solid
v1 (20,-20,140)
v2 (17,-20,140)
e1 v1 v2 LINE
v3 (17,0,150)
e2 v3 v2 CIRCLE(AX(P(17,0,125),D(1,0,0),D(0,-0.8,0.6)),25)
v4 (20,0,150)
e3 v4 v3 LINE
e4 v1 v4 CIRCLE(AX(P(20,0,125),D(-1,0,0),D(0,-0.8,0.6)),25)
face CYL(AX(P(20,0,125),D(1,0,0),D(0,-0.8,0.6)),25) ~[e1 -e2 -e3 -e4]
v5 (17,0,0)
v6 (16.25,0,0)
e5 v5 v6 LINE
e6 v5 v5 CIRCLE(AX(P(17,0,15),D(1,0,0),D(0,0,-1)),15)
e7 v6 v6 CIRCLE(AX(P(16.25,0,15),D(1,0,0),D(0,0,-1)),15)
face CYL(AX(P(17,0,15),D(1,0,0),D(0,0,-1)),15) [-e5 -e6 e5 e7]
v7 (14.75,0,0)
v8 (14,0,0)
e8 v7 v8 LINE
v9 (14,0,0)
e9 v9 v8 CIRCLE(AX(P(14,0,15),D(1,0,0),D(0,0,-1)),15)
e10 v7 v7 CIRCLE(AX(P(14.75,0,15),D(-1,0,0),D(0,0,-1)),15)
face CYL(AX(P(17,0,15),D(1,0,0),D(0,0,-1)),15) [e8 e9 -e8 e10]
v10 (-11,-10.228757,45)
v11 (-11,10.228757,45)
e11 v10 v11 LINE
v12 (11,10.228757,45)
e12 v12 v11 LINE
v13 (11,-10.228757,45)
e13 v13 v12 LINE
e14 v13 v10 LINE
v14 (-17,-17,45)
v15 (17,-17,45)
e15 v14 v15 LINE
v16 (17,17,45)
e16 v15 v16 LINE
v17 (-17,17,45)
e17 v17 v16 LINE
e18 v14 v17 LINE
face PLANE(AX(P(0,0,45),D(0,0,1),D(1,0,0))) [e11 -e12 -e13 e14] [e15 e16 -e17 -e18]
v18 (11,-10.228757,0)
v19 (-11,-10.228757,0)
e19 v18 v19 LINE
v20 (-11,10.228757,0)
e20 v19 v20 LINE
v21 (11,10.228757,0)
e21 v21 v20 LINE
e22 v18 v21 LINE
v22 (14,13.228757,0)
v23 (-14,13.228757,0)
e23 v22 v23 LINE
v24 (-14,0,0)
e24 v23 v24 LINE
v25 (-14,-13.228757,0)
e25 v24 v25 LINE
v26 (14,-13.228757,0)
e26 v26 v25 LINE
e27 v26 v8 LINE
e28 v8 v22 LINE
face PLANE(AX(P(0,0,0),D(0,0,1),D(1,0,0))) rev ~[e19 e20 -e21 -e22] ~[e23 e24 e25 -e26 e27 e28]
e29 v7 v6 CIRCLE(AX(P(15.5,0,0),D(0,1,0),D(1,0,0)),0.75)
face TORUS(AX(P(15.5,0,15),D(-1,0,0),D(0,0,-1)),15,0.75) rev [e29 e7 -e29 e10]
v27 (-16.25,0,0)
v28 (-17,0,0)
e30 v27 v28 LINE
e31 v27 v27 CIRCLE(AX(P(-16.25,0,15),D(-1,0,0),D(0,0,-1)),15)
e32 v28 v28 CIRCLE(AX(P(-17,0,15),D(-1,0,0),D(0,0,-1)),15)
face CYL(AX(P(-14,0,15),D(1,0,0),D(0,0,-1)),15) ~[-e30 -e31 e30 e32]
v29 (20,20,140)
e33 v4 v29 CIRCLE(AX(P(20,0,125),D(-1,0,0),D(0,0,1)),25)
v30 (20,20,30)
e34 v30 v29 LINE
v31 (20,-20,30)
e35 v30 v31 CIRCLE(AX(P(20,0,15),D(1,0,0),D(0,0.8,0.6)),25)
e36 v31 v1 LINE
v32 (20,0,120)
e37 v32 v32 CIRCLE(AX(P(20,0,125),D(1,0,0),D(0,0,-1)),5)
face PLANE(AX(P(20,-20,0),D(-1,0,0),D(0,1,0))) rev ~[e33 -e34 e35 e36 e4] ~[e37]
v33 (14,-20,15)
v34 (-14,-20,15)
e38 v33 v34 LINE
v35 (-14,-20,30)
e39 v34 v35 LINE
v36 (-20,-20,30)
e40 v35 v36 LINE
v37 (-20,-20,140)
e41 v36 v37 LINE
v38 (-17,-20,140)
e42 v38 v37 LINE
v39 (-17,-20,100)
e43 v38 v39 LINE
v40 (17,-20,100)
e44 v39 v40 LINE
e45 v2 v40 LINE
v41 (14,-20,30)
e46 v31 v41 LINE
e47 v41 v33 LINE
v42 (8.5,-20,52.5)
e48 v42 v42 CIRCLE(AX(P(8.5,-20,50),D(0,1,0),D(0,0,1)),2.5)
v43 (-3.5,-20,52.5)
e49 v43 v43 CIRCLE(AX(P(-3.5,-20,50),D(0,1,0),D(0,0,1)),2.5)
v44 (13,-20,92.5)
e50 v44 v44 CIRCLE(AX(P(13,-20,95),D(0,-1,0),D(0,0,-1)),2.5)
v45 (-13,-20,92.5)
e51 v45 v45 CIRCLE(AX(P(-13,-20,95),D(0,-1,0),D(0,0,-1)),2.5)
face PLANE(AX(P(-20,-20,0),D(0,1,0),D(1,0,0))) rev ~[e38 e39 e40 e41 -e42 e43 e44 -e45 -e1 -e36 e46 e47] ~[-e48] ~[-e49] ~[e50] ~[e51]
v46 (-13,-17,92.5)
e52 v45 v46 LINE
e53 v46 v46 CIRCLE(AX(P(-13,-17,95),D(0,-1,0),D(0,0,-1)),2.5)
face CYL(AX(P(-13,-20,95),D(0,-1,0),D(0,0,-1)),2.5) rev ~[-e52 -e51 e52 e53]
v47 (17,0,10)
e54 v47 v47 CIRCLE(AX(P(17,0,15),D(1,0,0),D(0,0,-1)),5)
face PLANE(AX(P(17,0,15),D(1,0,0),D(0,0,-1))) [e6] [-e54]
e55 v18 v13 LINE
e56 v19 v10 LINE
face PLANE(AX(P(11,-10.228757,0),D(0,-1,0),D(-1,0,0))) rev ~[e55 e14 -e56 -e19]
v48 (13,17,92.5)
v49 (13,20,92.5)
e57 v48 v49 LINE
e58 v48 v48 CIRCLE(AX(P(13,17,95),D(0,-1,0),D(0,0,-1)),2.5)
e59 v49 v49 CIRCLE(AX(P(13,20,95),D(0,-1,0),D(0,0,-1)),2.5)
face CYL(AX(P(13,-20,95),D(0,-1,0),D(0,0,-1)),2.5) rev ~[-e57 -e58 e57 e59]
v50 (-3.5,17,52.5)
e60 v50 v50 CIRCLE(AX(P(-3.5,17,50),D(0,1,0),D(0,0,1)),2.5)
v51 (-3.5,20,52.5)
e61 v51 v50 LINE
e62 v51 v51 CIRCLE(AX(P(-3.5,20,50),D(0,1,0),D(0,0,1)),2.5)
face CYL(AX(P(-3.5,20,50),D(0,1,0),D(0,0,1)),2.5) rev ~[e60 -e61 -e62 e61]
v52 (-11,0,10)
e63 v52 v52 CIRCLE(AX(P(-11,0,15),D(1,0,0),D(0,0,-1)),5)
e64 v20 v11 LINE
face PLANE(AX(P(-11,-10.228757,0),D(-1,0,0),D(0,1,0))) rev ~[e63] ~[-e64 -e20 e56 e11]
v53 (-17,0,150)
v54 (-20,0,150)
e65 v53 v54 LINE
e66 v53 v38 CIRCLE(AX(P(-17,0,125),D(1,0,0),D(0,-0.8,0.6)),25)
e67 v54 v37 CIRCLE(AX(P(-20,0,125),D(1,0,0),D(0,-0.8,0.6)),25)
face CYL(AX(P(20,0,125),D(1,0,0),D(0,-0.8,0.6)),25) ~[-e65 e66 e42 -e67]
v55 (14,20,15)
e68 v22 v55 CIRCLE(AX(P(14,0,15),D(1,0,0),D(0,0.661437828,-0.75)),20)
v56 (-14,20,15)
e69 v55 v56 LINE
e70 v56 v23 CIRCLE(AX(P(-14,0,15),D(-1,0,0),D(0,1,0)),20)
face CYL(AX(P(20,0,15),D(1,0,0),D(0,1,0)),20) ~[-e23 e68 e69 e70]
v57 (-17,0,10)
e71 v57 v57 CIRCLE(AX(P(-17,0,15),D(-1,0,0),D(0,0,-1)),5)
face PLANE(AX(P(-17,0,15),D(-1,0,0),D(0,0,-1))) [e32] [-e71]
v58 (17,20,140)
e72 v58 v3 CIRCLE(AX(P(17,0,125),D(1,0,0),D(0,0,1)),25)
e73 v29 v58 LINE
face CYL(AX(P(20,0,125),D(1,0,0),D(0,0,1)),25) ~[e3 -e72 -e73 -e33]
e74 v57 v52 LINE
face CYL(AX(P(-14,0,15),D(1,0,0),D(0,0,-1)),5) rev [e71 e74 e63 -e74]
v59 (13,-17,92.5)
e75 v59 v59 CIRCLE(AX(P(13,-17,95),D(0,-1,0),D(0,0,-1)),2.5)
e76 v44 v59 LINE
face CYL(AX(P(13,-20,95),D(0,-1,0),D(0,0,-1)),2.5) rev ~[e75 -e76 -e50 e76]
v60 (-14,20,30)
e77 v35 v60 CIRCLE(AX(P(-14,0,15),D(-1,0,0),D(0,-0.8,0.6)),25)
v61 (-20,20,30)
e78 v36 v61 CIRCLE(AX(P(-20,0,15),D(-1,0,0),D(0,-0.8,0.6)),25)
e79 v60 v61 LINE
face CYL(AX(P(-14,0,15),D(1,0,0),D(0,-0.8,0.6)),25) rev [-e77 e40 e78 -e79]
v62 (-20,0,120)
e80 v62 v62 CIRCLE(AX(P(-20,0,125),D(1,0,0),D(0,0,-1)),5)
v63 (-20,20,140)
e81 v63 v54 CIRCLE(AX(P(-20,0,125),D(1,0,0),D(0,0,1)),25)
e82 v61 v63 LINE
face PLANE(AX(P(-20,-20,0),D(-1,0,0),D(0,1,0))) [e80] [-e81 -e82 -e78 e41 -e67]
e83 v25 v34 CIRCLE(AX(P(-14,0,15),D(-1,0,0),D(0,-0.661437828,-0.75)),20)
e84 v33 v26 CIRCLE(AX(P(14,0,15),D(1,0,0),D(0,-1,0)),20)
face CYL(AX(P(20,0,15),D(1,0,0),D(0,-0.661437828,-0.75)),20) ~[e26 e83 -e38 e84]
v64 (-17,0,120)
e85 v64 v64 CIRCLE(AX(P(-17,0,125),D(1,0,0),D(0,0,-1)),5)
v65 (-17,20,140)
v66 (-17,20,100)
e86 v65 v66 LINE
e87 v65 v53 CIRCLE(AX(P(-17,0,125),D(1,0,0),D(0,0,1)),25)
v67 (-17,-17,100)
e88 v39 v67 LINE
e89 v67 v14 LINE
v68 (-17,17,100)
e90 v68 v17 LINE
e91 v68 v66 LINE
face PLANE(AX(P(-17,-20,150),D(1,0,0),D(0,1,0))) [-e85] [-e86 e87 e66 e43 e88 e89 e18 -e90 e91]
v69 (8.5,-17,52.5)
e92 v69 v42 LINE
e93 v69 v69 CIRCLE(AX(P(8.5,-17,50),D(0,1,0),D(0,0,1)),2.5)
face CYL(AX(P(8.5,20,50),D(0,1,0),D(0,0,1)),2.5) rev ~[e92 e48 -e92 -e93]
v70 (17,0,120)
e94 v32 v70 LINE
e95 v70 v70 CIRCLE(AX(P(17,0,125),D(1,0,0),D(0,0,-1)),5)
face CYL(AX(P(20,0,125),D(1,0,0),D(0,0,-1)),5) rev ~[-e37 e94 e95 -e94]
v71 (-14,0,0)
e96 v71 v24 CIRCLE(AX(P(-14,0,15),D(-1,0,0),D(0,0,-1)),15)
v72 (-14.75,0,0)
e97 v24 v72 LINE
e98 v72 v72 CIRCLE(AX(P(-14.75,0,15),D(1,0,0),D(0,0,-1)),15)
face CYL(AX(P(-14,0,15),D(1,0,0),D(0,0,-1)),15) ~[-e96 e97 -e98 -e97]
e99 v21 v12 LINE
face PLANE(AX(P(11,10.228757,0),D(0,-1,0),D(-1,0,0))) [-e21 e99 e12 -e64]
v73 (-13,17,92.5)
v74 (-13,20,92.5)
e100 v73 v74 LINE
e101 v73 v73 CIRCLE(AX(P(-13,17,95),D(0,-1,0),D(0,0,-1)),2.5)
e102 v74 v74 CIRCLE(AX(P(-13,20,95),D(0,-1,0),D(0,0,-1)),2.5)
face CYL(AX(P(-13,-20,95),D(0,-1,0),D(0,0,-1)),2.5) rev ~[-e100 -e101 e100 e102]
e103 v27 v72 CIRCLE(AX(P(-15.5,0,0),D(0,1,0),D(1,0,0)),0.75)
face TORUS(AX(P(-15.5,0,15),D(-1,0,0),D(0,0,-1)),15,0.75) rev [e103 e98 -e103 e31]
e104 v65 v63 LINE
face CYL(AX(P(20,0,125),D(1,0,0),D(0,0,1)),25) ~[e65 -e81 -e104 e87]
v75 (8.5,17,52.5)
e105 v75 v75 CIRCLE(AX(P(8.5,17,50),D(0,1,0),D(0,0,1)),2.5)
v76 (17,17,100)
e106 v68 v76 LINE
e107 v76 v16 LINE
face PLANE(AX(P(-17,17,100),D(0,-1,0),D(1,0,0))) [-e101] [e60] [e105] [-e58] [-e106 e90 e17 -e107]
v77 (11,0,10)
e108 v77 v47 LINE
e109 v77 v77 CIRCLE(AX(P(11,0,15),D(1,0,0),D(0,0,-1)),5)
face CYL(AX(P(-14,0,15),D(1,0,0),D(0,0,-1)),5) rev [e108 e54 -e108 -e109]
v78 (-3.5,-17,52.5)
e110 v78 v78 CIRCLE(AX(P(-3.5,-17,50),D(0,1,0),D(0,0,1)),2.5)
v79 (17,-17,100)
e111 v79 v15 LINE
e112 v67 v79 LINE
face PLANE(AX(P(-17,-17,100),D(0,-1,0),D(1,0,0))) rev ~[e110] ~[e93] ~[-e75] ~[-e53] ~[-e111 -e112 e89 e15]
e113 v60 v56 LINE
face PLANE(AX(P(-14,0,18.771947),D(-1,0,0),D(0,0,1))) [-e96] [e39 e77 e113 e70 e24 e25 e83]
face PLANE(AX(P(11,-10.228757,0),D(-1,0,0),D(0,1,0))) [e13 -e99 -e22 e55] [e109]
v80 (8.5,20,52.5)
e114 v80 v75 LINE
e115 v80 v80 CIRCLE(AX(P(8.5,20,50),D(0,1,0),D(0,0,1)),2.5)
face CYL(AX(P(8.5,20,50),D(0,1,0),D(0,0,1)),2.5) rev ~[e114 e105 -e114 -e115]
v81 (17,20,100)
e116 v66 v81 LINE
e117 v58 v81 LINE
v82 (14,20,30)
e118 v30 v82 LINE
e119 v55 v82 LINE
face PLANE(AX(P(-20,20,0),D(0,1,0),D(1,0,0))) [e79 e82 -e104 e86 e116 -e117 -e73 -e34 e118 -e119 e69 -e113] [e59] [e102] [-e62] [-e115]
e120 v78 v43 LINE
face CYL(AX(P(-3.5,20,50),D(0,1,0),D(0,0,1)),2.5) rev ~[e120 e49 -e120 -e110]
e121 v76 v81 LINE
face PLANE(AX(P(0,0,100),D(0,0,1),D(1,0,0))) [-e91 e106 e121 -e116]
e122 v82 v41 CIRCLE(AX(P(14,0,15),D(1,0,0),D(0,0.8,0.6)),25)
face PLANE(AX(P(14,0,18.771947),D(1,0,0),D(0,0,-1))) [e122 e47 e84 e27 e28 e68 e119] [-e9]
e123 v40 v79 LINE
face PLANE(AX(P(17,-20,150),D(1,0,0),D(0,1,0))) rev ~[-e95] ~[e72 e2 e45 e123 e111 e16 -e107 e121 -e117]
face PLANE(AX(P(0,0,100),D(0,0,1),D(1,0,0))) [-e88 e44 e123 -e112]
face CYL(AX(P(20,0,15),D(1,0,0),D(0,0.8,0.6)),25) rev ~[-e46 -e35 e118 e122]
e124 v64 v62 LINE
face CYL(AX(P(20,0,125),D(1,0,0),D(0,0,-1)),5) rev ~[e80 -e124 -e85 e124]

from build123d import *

# Parameters (mm, degrees)
CROQUIS1_W              = 40
CROQUIS1_H              = 40
SALIENTE_EXTRUIR1_DEPTH = 150
CROQUIS2_W              = 34
CROQUIS2_H              = 40
CORTAR_EXTRUIR1_DEPTH   = 50
CORTAR_EXTRUIR5_DEPTH   = 157.524758425
CROQUIS4_R              = 5
CORTAR_EXTRUIR6_DEPTH   = 157.524758425
CORTAR_EXTRUIR10_DEPTH  = 157.524758425
CROQUIS5_R              = 5
CORTAR_EXTRUIR7_DEPTH   = 157.524758425
CROQUIS6_R              = 5
CORTAR_EXTRUIR8_DEPTH   = 6
CORTAR_EXTRUIR11_START  = -6
CROQUIS9_R              = 5
CORTAR_EXTRUIR11_DEPTH  = 6
SALIENTE_EXTRUIR2_START = 3
CROQUIS10_R             = 15
CROQUIS10_R_2           = 5
SALIENTE_EXTRUIR2_DEPTH = 3
CROQUIS11_R             = 15
CROQUIS11_R_2           = 5
SALIENTE_EXTRUIR3_DEPTH = 3
CROQUIS12_R             = 0.75
CROQUIS13_R             = 2.5
CORTAR_EXTRUIR12_DEPTH  = 157.524758425
CROQUIS15_W             = 22
CROQUIS15_H             = 20.45751311
CORTAR_EXTRUIR14_DEPTH  = 95
CROQUIS17_W             = 34
CROQUIS17_H             = 34
CORTAR_EXTRUIR15_DEPTH  = 55
CROQUIS18_R             = 2.5
CORTAR_EXTRUIR16_DEPTH  = 157.524758425


with BuildPart() as part:
    # Croquis1 → Saliente-Extruir1 (new body)
    with BuildSketch(Plane.XY):
        Rectangle(CROQUIS1_W, CROQUIS1_H)
    extrude(amount=SALIENTE_EXTRUIR1_DEPTH)

    # Croquis2 → Cortar-Extruir1 (cut)
    with BuildSketch(Plane.XY.offset(150)):
        Rectangle(CROQUIS2_W, CROQUIS2_H)
    extrude(amount=-CORTAR_EXTRUIR1_DEPTH, mode=Mode.SUBTRACT)

    # Croquis3 → Cortar-Extruir5 (cut, through all)
    with BuildSketch(Plane(origin=(20, 0, 0), x_dir=(0, 0, -1), z_dir=(1, 0, 0))):
        with BuildLine():
            ThreePointArc((-140, -20), (-147.360679775, -11.180339887), (-150, 0))
            Line((-150, 0), (-150, -20))
            Line((-150, -20), (-140, -20))
        make_face()
        with BuildLine():
            Line((-140, 20), (-150, 20))
            Line((-150, 20), (-150, 0))
            ThreePointArc((-150, 0), (-147.360679775, 11.180339887), (-140, 20))
        make_face()
    extrude(amount=-CORTAR_EXTRUIR5_DEPTH, mode=Mode.SUBTRACT)

    # Croquis4 → Cortar-Extruir6 (cut, through all)
    with BuildSketch(Plane(origin=(20, 0, 0), x_dir=(0, 0, -1), z_dir=(1, 0, 0))):
        with Locations((-125, 0)):
            Circle(CROQUIS4_R)
    extrude(amount=-CORTAR_EXTRUIR6_DEPTH, mode=Mode.SUBTRACT)

    # Croquis8 → Cortar-Extruir10 (cut, through all)
    with BuildSketch(Plane(origin=(20, 0, 0), x_dir=(0, 0, -1), z_dir=(1, 0, 0))):
        with BuildLine():
            Line((0, 20), (-15, 20))
            ThreePointArc((-15, 20), (-6.771243445, 18.228756555), (0, 13.228756555))
            Line((0, 13.228756555), (0, 20))
        make_face()
        with BuildLine():
            Line((0, -20), (0, -13.228756555))
            ThreePointArc((0, -13.228756555), (-6.771243445, -18.228756555), (-15, -20))
            Line((-15, -20), (0, -20))
        make_face()
    extrude(amount=-CORTAR_EXTRUIR10_DEPTH, mode=Mode.SUBTRACT)

    # Croquis5 → Cortar-Extruir7 (cut, through all)
    with BuildSketch(Plane(origin=(20, 0, 0), x_dir=(0, 0, -1), z_dir=(1, 0, 0))):
        with Locations((-15, 0)):
            Circle(CROQUIS5_R)
    extrude(amount=-CORTAR_EXTRUIR7_DEPTH, mode=Mode.SUBTRACT)

    # Croquis6 → Cortar-Extruir8 (cut)
    with BuildSketch(Plane(origin=(20, 0, 0), x_dir=(0, 0, -1), z_dir=(1, 0, 0))):
        with BuildLine():
            ThreePointArc((-30, 20), (-40, 0), (-30, -20))
            Line((-30, -20), (-15, -20))
            ThreePointArc((-15, -20), (-6.771243445, -18.228756555), (0, -13.228756555))
            Line((0, -13.228756555), (0, 13.228756555))
            ThreePointArc((0, 13.228756555), (-6.771243445, 18.228756555), (-15, 20))
            Line((-15, 20), (-30, 20))
        make_face()
        with Locations((-15, 0)):
            Circle(CROQUIS6_R, mode=Mode.SUBTRACT)
    extrude(amount=-CORTAR_EXTRUIR8_DEPTH, mode=Mode.SUBTRACT)

    # Croquis9 → Cortar-Extruir11 (cut)
    with BuildSketch(Plane.ZY.offset(20).offset(CORTAR_EXTRUIR11_START)):
        with BuildLine():
            ThreePointArc((30, -20), (40, 0), (30, 20))
            Line((30, 20), (15, 20))
            ThreePointArc((15, 20), (6.771243445, 18.228756555), (0, 13.228756555))
            Line((0, 13.228756555), (0, -13.228756555))
            ThreePointArc((0, -13.228756555), (6.771243445, -18.228756555), (15, -20))
            Line((15, -20), (30, -20))
        make_face()
        with Locations(Location((15, 0, 0), (0, 0, 180))):
            Circle(CROQUIS9_R, mode=Mode.SUBTRACT)
    extrude(amount=CORTAR_EXTRUIR11_DEPTH, mode=Mode.SUBTRACT)

    # Croquis10 → Saliente-Extruir2 (add)
    with BuildSketch(Plane(origin=(14, 0, 0), x_dir=(0, 0, -1), z_dir=(1, 0, 0)).offset(SALIENTE_EXTRUIR2_START)):
        with Locations((-15, 0)):
            Circle(CROQUIS10_R)
        with Locations((-15, 0)):
            Circle(CROQUIS10_R_2, mode=Mode.SUBTRACT)
    extrude(amount=-SALIENTE_EXTRUIR2_DEPTH)

    # Croquis11 → Saliente-Extruir3 (add)
    with BuildSketch(Plane.ZY.offset(14)):
        with Locations(Location((15, 0, 0), (0, 0, 180))):
            Circle(CROQUIS11_R)
        with Locations(Location((15, 0, 0), (0, 0, 180))):
            Circle(CROQUIS11_R_2, mode=Mode.SUBTRACT)
    extrude(amount=SALIENTE_EXTRUIR3_DEPTH)

    # Croquis12 → Cortar-Revolución1 (revolve, cut)
    with BuildSketch(Plane.XY.offset(15), mode=Mode.PRIVATE) as cortar_revoluci_n1_sk:
        with Locations((15.5, 15)):
            Circle(CROQUIS12_R)
        with Locations((-15.5, 15)):
            Circle(CROQUIS12_R)
    revolve(cortar_revoluci_n1_sk.sketch.rotate(Axis((-18, 0, 15), (1, 0, 0)), 270), axis=Axis((-18, 0, 15), (1, 0, 0)), mode=Mode.SUBTRACT)

    # Croquis13 → Cortar-Extruir12 (cut, through all)
    with BuildSketch(Plane.XZ.offset(20)):
        with Locations(Location((13, 95, 0), (0, 0, 270))):
            Circle(CROQUIS13_R)
        with Locations(Location((-13, 95, 0), (0, 0, 270))):
            Circle(CROQUIS13_R)
    extrude(amount=-CORTAR_EXTRUIR12_DEPTH, mode=Mode.SUBTRACT)

    # Croquis15 → Cortar-Extruir14 (cut)
    with BuildSketch(Plane(origin=(0, 0, 0), x_dir=(-1, 0, 0), z_dir=(0, 0, -1))):
        Rectangle(CROQUIS15_W, CROQUIS15_H)
    extrude(amount=-CORTAR_EXTRUIR14_DEPTH, mode=Mode.SUBTRACT)

    # Croquis17 → Cortar-Extruir15 (cut)
    with BuildSketch(Plane.XY.offset(100)):
        Rectangle(CROQUIS17_W, CROQUIS17_H)
    extrude(amount=-CORTAR_EXTRUIR15_DEPTH, mode=Mode.SUBTRACT)

    # Croquis18 → Cortar-Extruir16 (cut, through all)
    with BuildSketch(Plane(origin=(0, 20, 0), x_dir=(1, 0, 0), z_dir=(0, 1, 0))):
        with Locations(Location((8.5, -50, 0), (0, 0, 270))):
            Circle(CROQUIS18_R)
        with Locations(Location((-3.5, -50, 0), (0, 0, 270))):
            Circle(CROQUIS18_R)
    extrude(amount=-CORTAR_EXTRUIR16_DEPTH, mode=Mode.SUBTRACT)


solid = part.part
